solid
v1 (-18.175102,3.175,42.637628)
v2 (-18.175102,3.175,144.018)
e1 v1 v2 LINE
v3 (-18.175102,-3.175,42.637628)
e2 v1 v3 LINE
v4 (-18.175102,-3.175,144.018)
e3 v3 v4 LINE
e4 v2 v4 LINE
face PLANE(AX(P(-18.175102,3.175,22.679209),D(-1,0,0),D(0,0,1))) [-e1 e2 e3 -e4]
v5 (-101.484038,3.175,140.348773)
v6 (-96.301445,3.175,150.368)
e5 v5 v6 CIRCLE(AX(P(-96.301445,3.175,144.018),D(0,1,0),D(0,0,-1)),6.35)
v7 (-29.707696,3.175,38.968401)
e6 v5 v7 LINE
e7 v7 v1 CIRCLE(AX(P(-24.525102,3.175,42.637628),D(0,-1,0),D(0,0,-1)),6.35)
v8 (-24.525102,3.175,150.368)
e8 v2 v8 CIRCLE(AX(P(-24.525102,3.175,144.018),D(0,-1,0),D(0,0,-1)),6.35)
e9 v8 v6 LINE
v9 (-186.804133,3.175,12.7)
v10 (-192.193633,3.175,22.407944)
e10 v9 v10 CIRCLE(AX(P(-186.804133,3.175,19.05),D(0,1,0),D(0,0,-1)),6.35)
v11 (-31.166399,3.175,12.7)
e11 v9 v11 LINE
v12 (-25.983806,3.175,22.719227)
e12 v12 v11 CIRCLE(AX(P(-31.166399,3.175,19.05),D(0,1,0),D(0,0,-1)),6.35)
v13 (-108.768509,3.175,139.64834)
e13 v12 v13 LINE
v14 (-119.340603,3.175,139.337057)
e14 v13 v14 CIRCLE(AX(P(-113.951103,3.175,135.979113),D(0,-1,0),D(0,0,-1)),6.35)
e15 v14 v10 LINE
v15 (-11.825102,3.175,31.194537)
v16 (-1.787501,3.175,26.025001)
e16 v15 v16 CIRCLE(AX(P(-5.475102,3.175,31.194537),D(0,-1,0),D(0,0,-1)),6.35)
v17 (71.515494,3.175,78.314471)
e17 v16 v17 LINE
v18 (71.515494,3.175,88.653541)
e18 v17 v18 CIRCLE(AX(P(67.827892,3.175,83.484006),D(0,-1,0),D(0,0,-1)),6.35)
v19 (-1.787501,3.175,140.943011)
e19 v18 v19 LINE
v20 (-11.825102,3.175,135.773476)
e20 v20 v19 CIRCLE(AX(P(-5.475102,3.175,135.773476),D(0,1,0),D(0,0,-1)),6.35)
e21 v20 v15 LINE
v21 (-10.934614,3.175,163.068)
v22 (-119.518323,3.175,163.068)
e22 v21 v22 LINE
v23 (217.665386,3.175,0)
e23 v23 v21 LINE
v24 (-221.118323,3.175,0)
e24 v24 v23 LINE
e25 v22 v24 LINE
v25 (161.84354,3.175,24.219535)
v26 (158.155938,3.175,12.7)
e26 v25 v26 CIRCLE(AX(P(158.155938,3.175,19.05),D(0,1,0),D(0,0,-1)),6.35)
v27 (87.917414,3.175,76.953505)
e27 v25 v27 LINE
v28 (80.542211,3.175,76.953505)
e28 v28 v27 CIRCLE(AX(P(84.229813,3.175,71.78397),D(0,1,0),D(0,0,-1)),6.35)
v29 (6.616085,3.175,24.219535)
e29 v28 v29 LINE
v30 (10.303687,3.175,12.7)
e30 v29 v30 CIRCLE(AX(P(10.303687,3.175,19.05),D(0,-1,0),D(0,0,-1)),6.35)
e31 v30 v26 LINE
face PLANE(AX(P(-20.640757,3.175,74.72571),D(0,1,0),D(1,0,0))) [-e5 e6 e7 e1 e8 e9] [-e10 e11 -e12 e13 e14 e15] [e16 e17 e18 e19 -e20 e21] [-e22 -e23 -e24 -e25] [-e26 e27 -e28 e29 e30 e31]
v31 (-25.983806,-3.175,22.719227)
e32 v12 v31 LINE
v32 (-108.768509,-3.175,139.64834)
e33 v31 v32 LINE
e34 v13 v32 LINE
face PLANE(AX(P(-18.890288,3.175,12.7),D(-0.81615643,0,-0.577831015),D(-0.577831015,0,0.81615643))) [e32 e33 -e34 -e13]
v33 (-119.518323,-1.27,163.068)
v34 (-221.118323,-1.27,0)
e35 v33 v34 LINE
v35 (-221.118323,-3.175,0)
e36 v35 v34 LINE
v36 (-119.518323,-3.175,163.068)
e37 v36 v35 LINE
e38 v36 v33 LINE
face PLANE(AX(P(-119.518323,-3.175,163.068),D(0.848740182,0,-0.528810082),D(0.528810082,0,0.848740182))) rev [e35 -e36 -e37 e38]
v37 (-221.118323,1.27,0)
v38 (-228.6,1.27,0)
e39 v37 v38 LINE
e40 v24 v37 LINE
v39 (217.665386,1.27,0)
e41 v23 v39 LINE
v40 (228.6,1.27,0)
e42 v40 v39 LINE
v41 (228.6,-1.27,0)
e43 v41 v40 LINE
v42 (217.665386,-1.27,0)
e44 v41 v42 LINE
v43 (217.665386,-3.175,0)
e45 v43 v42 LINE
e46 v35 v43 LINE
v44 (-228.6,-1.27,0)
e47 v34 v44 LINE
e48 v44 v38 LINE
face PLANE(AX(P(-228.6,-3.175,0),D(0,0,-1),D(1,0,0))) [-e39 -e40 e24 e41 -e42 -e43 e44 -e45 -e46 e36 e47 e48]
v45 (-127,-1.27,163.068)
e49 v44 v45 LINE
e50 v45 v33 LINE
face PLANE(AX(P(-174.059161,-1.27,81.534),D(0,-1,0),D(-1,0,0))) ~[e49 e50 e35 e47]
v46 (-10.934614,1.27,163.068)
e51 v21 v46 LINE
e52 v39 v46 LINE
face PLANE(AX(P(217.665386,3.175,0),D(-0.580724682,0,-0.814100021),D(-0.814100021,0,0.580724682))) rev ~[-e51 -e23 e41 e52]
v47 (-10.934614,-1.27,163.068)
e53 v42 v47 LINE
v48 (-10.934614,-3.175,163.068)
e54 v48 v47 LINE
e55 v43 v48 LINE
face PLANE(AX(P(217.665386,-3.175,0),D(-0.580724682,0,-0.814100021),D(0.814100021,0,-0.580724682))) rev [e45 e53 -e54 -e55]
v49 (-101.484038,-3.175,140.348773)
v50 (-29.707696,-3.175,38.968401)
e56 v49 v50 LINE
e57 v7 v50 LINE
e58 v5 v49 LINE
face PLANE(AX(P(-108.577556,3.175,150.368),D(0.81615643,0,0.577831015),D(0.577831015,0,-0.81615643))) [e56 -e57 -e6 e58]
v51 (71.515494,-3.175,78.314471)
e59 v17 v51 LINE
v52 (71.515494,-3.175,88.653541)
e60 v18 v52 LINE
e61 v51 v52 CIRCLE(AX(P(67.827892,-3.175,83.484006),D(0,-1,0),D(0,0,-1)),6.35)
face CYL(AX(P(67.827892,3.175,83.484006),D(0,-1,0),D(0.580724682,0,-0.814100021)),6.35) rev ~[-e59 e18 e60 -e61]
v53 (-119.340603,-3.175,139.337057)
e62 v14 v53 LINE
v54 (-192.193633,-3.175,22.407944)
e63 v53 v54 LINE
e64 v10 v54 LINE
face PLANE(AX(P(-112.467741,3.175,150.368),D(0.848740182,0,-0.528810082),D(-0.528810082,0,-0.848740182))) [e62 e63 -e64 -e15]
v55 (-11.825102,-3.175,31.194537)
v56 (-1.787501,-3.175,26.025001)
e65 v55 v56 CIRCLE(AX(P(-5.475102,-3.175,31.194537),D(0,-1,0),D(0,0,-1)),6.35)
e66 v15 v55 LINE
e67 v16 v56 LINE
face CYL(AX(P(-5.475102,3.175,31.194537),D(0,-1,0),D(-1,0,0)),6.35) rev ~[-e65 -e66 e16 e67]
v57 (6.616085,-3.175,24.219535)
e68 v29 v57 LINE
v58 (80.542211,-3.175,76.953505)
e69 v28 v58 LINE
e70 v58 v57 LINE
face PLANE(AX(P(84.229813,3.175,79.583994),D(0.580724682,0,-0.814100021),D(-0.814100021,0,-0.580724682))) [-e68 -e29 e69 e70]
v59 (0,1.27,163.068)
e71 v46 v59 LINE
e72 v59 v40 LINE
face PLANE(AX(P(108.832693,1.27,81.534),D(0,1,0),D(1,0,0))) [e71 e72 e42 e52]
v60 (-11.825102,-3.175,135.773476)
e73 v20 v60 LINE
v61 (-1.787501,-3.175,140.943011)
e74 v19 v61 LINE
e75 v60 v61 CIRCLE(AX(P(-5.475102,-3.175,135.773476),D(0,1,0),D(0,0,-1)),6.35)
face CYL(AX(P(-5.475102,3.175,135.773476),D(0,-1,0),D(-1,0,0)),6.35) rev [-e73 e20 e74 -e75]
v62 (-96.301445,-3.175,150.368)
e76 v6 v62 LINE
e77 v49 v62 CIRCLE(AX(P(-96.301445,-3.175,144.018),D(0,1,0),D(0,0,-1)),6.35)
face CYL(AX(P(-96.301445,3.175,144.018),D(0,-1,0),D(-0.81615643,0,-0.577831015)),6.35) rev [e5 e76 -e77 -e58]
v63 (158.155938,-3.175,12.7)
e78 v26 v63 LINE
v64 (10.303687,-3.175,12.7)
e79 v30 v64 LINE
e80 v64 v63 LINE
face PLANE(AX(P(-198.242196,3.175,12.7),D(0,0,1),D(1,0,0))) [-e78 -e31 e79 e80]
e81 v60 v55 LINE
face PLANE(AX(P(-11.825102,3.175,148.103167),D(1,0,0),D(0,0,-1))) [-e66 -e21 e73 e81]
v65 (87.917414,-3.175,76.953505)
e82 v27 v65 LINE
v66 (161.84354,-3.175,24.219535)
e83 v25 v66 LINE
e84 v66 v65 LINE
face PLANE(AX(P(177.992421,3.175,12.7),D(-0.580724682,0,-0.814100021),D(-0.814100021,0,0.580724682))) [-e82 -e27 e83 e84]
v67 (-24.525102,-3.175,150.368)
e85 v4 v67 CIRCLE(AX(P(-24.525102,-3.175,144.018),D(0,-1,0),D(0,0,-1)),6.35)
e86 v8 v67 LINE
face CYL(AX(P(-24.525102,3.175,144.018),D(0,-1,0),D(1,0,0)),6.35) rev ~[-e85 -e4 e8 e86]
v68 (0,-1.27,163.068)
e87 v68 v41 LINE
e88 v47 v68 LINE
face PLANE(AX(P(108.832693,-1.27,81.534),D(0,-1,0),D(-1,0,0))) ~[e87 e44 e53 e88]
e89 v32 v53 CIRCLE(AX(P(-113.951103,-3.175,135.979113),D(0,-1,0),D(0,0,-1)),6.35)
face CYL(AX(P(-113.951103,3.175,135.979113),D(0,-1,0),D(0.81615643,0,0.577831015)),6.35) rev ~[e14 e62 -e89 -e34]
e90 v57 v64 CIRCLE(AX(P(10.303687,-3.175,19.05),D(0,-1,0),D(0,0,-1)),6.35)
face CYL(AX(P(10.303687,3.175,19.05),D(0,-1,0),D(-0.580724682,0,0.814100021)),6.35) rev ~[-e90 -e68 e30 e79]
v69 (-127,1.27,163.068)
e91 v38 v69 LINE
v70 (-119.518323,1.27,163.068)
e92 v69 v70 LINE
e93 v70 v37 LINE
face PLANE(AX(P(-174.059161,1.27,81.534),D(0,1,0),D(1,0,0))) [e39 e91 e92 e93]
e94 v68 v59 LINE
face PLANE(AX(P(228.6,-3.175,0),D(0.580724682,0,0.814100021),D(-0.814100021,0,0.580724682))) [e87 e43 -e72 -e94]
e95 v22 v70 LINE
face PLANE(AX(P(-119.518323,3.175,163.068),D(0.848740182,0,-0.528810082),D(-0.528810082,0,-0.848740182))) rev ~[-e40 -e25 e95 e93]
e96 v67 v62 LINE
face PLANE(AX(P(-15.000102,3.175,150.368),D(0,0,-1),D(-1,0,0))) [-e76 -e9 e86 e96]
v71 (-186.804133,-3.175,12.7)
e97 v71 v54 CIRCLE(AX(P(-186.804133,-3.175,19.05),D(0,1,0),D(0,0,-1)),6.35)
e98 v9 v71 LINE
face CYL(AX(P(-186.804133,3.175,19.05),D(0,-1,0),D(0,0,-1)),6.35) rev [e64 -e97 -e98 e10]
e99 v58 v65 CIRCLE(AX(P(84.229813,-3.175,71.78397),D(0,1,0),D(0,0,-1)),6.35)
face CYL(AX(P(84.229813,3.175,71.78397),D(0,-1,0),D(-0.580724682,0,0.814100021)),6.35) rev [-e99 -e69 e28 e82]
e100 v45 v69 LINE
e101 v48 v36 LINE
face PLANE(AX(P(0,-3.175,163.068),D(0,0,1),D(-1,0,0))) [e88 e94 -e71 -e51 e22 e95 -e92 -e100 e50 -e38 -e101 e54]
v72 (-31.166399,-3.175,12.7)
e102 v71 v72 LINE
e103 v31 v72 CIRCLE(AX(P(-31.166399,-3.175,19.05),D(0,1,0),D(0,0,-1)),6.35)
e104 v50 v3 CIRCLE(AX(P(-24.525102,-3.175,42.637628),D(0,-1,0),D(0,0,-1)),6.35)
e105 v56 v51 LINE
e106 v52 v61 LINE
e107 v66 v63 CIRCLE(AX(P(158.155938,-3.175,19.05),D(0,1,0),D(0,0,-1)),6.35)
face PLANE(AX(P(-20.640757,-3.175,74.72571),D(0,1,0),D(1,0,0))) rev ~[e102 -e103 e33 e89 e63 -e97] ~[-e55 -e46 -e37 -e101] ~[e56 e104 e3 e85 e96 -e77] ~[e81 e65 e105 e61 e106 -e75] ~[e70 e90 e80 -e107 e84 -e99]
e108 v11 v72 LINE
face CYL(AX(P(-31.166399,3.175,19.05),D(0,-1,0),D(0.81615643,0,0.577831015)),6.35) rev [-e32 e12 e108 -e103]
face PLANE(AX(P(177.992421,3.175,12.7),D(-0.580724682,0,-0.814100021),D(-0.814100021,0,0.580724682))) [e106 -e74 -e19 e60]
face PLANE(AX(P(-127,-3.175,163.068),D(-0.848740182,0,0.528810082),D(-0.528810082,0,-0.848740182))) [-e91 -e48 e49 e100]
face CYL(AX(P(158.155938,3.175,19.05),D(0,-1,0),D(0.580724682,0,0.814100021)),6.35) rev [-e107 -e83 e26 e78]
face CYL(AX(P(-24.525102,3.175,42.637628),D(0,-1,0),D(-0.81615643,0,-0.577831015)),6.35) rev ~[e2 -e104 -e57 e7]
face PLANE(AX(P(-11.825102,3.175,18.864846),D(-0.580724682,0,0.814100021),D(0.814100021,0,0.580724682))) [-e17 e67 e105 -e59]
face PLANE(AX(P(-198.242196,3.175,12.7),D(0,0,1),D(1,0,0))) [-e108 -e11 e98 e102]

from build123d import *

# Parameters (mm, degrees)
BOSS_EXTRUDE1_DEPTH      = 3.175
BOSS_EXTRUDE1_DEPTH_BACK = 3.175
CUT_EXTRUDE1_DEPTH       = 1.905
CUT_EXTRUDE2_DEPTH       = 6.35
BOSS_EXTRUDE2_DEPTH      = 6.35
FILLET1_R                = 6.35
FILLET2_R                = 6.35


with BuildPart() as part:
    # CS path → Boss-Extrude1 (new, two sides: drawn at the far end of the back side and taken through both)
    with BuildSketch(Plane(origin=(0, 0, 0), x_dir=(1, 0, 0), z_dir=(0, 1, 0)).offset(-BOSS_EXTRUDE1_DEPTH_BACK)):
        Polygon((-228.6, 0), (228.6, 0), (0, -163.068), (-127, -163.068), align=None)
    extrude(amount=BOSS_EXTRUDE1_DEPTH + BOSS_EXTRUDE1_DEPTH_BACK)

    # Sketch1 → Cut-Extrude1 (cut)
    with BuildSketch(Plane(origin=(0, 3.175, 0), x_dir=(1, 0, 0), z_dir=(0, 1, 0))):
        Polygon((-228.6, 0), (-127, -163.068), (-119.518322882, -163.068), (-221.118322882, 0), align=None)
        Polygon((0, -163.068), (228.6, 0), (217.665386403, 0), (-10.934613597, -163.068), align=None)
    cut_extrude1 = extrude(amount=-CUT_EXTRUDE1_DEPTH, mode=Mode.SUBTRACT)

    # Mirror1: Cut-Extrude1 across plane
    add(cut_extrude1.mirror(Plane.ZX), mode=Mode.SUBTRACT)

    # Sketch2 → Cut-Extrude2 (cut)
    with BuildSketch(Plane(origin=(0, 3.175, 0), x_dir=(1, 0, 0), z_dir=(0, 1, 0))):
        Polygon((-198.24219606, -12.7), (177.99242089, -12.7), (-15.000102474, -150.368), (-112.467741232, -150.368), align=None)
    extrude(amount=-CUT_EXTRUDE2_DEPTH, mode=Mode.SUBTRACT)

    # Sketch3 → Boss-Extrude2 (add)
    with BuildSketch(Plane(origin=(0, 3.175, 0), x_dir=(1, 0, 0), z_dir=(0, 1, 0))):
        Polygon((-18.890288084, -12.7), (-114.288712294, -147.445341445), (-112.467741232, -150.368), (-108.577555622, -150.368), (-18.175102474, -22.679209355), (-18.175102474, -150.368), (-15.000102474, -150.368), (-11.825102474, -148.103166667), (-11.825102474, -18.864845516), (78.762505809, -83.484006092), (84.229812607, -79.583993908), (-9.532795675, -12.7), align=None)
    extrude(amount=-BOSS_EXTRUDE2_DEPTH)

    # Fillet1
    fillet1_edges = [part.edges().sort_by_distance(p)[0] for p in [
        (-18.175102474, 0, 150.368),
        (-18.175102474, 0, 22.679209355),
        (-108.577555622, 0, 150.368),
        (-114.288712294, 0, 147.445341445),
        (-18.890288084, 0, 12.7),
        (-9.532795675, 0, 12.7),
        (84.229812607, 0, 79.583993908),
        (78.762505809, 0, 83.484006092),
        (-11.825102474, 0, 18.864845516),
        (-11.825102474, 0, 148.103166667),
    ]]
    fillet(fillet1_edges, radius=FILLET1_R)

    # Fillet2
    fillet2_edges = [part.edges().sort_by_distance(p)[0] for p in [
        (-198.24219606, 0, 12.7),
        (177.99242089, 0, 12.7),
    ]]
    fillet(fillet2_edges, radius=FILLET2_R)


solid = part.part
